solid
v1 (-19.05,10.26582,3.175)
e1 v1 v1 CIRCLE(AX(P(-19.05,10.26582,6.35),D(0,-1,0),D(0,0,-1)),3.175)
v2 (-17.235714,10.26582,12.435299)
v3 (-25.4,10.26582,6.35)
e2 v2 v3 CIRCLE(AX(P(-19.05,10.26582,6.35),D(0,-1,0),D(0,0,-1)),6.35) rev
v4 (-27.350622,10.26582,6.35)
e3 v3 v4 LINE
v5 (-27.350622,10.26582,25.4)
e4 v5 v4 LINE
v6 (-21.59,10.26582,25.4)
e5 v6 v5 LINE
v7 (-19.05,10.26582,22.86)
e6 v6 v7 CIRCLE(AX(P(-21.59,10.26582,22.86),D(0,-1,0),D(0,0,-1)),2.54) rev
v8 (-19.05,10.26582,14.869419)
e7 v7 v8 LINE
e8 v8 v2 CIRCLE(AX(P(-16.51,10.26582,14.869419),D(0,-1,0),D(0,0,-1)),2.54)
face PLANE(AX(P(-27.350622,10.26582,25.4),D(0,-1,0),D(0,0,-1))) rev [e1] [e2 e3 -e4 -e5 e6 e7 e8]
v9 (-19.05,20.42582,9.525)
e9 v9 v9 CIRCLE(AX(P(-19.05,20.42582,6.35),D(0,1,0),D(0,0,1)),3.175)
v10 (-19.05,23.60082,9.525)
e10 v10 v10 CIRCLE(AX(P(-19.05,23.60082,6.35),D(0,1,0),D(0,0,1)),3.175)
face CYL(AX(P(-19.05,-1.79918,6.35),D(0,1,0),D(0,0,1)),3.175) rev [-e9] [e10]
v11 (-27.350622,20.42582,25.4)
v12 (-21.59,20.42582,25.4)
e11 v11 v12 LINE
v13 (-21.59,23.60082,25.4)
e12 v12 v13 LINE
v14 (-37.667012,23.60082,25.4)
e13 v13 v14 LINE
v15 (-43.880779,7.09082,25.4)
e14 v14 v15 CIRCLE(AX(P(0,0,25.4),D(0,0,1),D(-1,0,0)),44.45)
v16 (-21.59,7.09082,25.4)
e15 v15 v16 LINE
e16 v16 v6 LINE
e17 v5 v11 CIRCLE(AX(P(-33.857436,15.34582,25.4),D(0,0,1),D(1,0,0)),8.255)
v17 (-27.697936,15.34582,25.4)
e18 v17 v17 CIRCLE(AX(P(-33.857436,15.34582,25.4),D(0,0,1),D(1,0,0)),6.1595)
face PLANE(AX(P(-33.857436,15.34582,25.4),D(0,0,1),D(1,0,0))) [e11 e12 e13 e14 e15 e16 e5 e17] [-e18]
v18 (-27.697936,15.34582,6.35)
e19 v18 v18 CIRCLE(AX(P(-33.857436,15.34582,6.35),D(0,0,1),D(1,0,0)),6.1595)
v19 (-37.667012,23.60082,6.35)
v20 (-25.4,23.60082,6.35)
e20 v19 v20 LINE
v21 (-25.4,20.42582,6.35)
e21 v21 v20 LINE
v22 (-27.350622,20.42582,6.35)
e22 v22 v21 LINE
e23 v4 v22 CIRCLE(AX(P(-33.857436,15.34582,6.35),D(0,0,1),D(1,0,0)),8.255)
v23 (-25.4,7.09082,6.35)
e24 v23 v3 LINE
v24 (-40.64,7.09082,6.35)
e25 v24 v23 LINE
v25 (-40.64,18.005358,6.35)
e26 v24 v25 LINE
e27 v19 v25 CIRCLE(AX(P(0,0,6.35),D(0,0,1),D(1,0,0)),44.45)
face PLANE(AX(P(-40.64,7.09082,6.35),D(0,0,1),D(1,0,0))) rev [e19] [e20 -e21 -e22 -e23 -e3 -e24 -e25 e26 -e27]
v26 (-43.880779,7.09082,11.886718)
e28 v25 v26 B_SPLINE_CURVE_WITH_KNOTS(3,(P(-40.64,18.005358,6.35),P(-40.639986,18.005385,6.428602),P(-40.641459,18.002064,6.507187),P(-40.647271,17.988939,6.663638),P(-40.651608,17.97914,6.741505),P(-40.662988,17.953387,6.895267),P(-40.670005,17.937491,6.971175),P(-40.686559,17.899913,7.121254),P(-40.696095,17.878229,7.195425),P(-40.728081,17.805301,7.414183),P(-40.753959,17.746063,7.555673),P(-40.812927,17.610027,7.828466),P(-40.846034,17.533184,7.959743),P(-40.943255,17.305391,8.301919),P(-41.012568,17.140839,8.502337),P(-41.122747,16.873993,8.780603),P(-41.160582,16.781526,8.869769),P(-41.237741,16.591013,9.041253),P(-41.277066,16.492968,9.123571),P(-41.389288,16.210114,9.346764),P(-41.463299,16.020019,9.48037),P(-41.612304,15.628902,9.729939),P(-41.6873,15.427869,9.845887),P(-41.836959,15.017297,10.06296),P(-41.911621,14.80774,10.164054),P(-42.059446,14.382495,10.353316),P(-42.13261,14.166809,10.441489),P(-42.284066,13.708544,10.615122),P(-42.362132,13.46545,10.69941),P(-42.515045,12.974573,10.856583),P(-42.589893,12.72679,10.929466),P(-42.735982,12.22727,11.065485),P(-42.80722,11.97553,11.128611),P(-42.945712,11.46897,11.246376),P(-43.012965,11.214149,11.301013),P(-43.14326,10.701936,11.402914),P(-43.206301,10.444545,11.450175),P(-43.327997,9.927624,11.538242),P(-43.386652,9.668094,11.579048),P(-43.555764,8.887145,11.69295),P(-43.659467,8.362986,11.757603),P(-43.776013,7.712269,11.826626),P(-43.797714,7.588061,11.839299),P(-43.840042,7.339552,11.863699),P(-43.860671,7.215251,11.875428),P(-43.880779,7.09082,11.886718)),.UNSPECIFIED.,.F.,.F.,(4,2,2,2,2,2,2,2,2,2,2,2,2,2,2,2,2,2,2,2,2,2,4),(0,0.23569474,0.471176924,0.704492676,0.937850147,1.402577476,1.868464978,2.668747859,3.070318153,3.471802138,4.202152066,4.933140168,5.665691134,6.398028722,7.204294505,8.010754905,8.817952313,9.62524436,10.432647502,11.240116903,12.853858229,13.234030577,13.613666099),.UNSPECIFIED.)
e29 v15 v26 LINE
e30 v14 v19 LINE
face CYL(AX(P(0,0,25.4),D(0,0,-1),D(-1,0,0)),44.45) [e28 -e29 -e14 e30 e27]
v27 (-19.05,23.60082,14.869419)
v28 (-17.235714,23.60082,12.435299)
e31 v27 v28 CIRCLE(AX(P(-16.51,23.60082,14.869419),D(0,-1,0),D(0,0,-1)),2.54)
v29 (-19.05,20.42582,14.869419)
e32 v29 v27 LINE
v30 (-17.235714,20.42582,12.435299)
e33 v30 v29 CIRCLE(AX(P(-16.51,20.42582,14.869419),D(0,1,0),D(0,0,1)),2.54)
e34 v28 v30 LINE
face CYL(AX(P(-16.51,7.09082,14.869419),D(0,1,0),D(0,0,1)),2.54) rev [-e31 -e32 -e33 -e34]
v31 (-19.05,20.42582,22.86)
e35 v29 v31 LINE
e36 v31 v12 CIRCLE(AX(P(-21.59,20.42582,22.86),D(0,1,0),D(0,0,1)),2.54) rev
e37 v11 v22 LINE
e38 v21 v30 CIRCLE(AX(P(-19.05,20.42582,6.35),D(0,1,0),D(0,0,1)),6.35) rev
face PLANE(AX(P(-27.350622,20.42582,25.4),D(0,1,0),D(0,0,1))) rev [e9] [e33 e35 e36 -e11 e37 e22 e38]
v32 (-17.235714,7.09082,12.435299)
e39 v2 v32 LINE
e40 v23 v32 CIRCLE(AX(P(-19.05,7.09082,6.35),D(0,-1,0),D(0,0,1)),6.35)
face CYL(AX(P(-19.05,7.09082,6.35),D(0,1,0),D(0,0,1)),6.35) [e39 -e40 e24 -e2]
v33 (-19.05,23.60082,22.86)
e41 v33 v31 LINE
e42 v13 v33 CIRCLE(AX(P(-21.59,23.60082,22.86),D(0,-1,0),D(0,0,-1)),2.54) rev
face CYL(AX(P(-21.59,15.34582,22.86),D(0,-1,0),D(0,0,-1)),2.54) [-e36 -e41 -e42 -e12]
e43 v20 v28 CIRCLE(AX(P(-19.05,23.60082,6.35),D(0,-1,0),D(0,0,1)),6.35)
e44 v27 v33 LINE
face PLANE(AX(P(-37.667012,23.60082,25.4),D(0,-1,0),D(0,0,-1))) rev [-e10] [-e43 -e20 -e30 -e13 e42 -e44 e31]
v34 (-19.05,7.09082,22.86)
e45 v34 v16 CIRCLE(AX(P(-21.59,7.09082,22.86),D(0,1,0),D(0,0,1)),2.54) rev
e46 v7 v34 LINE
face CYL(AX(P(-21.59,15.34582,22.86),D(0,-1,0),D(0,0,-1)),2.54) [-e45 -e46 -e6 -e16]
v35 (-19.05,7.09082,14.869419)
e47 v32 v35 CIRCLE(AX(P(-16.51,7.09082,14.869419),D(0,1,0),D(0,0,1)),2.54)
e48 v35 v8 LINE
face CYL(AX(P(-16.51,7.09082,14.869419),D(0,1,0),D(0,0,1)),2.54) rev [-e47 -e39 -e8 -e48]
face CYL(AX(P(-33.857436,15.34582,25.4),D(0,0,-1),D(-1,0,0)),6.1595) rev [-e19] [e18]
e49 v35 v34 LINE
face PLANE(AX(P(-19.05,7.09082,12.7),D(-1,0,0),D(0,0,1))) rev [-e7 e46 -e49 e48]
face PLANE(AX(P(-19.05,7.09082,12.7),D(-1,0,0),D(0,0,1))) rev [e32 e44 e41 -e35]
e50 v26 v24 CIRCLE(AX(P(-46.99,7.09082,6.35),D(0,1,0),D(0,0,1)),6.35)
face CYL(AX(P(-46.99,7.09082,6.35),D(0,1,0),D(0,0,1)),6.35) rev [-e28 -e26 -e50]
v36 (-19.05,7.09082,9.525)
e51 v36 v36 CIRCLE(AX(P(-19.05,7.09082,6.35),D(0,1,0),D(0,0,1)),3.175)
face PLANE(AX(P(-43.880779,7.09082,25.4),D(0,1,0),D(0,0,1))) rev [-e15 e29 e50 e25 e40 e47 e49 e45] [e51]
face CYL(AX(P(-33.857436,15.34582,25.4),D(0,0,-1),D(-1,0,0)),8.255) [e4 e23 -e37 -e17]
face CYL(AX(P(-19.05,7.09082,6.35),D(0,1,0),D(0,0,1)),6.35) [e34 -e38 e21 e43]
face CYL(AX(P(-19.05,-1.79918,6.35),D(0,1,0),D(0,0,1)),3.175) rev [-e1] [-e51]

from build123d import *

# Parameters (mm, degrees)
SKETCH2_R           = 6.1595
BOSS_EXTRUDE1_DEPTH = 25.4
SKETCH3_R           = 3.175
CUT_EXTRUDE1_DEPTH  = 25.4
CUT_EXTRUDE2_DEPTH  = 17.51
SKETCH7_R           = 6.35
SKETCH7_R_2         = 3.175
BOSS_EXTRUDE2_DEPTH = 3.175
SKETCH8_R           = 6.35
SKETCH8_R_2         = 3.175
BOSS_EXTRUDE3_DEPTH = 3.175
FILLET1_R           = 2.54
FILLET2_R           = 2.54


with BuildPart() as part:
    # Sketch2 → Boss-Extrude1 (new body)
    with BuildSketch(Plane.XY):
        with BuildLine():
            Line((-37.667011981, 23.60082008), (-13.401813639, 23.60082008))
            Line((-13.401813639, 23.60082008), (-13.401813639, 20.42582008))
            Line((-13.401813639, 20.42582008), (-27.350622089, 20.42582008))
            ThreePointArc((-27.350622089, 20.42582008), (-25.602435825, 15.34582008), (-27.350622089, 10.26582008))
            Line((-27.350622089, 10.26582008), (-13.401813639, 10.26582008))
            Line((-13.401813639, 10.26582008), (-13.401813639, 7.09082008))
            Line((-13.401813639, 7.09082008), (-43.880779056, 7.09082008))
            ThreePointArc((-43.880779056, 7.09082008), (-41.601148791, 15.657168302), (-37.667011981, 23.60082008))
        make_face()
        with Locations((-33.857435825, 15.34582008)):
            Circle(SKETCH2_R, mode=Mode.SUBTRACT)
    extrude(amount=BOSS_EXTRUDE1_DEPTH)

    # Sketch3 → Cut-Extrude1 (cut)
    with BuildSketch(Plane(origin=(0, 23.60082008, 0), x_dir=(1, 0, 0), z_dir=(0, 1, 0))):
        with Locations((-19.05, -6.35)):
            Circle(SKETCH3_R)
    extrude(amount=-CUT_EXTRUDE1_DEPTH, mode=Mode.SUBTRACT)

    # Sketch6 → Cut-Extrude2 (cut, through all)
    with BuildSketch(Plane(origin=(0, 23.60082008, 0), x_dir=(1, 0, 0), z_dir=(0, 1, 0))):
        with BuildLine():
            Line((-40.64, 0), (-46.99, 0))
            ThreePointArc((-46.99, 0), (-51.480128061, -10.840128061), (-40.64, -6.35))
            Line((-40.64, -6.35), (-25.4, -6.35))
            ThreePointArc((-25.4, -6.35), (-14.559871939, -1.859871939), (-19.05, -12.7))
            Line((-19.05, -12.7), (-19.05, -25.4))
            Line((-19.05, -25.4), (-13.401813639, -25.4))
            Line((-13.401813639, -25.4), (-10.329666698, -21.085123092))
            Line((-10.329666698, -21.085123092), (-9.028029261, 2.468316234))
            Line((-9.028029261, 2.468316234), (-25.4, 3.088143584))
            Line((-25.4, 3.088143584), (-40.64, 0))
        make_face()
    extrude(amount=-CUT_EXTRUDE2_DEPTH, mode=Mode.SUBTRACT)

    # Sketch7 → Boss-Extrude2 (add)
    with BuildSketch(Plane(origin=(0, 23.60082008, 0), x_dir=(1, 0, 0), z_dir=(0, 1, 0))):
        with Locations((-19.05, -6.35)):
            Circle(SKETCH7_R)
        with Locations((-19.05, -6.35)):
            Circle(SKETCH7_R_2, mode=Mode.SUBTRACT)
    extrude(amount=-BOSS_EXTRUDE2_DEPTH)

    # Sketch8 → Boss-Extrude3 (add)
    with BuildSketch(Plane.XZ.offset(-7.09082008)):
        with Locations((-19.05, 6.35)):
            Circle(SKETCH8_R)
        with Locations((-19.05, 6.35)):
            Circle(SKETCH8_R_2, mode=Mode.SUBTRACT)
    extrude(amount=-BOSS_EXTRUDE3_DEPTH)

    # Fillet1
    fillet1_edges = [part.edges().sort_by_distance(p)[0] for p in [
        (-19.05, 22.01332008, 12.7),
        (-19.05, 8.67832008, 12.7),
    ]]
    fillet(fillet1_edges, radius=FILLET1_R)

    # Fillet2
    fillet2_edges = [part.edges().sort_by_distance(p)[0] for p in [
        (-19.05, 22.01332008, 25.4),
        (-19.05, 8.67832008, 25.4),
    ]]
    fillet(fillet2_edges, radius=FILLET2_R)


solid = part.part
